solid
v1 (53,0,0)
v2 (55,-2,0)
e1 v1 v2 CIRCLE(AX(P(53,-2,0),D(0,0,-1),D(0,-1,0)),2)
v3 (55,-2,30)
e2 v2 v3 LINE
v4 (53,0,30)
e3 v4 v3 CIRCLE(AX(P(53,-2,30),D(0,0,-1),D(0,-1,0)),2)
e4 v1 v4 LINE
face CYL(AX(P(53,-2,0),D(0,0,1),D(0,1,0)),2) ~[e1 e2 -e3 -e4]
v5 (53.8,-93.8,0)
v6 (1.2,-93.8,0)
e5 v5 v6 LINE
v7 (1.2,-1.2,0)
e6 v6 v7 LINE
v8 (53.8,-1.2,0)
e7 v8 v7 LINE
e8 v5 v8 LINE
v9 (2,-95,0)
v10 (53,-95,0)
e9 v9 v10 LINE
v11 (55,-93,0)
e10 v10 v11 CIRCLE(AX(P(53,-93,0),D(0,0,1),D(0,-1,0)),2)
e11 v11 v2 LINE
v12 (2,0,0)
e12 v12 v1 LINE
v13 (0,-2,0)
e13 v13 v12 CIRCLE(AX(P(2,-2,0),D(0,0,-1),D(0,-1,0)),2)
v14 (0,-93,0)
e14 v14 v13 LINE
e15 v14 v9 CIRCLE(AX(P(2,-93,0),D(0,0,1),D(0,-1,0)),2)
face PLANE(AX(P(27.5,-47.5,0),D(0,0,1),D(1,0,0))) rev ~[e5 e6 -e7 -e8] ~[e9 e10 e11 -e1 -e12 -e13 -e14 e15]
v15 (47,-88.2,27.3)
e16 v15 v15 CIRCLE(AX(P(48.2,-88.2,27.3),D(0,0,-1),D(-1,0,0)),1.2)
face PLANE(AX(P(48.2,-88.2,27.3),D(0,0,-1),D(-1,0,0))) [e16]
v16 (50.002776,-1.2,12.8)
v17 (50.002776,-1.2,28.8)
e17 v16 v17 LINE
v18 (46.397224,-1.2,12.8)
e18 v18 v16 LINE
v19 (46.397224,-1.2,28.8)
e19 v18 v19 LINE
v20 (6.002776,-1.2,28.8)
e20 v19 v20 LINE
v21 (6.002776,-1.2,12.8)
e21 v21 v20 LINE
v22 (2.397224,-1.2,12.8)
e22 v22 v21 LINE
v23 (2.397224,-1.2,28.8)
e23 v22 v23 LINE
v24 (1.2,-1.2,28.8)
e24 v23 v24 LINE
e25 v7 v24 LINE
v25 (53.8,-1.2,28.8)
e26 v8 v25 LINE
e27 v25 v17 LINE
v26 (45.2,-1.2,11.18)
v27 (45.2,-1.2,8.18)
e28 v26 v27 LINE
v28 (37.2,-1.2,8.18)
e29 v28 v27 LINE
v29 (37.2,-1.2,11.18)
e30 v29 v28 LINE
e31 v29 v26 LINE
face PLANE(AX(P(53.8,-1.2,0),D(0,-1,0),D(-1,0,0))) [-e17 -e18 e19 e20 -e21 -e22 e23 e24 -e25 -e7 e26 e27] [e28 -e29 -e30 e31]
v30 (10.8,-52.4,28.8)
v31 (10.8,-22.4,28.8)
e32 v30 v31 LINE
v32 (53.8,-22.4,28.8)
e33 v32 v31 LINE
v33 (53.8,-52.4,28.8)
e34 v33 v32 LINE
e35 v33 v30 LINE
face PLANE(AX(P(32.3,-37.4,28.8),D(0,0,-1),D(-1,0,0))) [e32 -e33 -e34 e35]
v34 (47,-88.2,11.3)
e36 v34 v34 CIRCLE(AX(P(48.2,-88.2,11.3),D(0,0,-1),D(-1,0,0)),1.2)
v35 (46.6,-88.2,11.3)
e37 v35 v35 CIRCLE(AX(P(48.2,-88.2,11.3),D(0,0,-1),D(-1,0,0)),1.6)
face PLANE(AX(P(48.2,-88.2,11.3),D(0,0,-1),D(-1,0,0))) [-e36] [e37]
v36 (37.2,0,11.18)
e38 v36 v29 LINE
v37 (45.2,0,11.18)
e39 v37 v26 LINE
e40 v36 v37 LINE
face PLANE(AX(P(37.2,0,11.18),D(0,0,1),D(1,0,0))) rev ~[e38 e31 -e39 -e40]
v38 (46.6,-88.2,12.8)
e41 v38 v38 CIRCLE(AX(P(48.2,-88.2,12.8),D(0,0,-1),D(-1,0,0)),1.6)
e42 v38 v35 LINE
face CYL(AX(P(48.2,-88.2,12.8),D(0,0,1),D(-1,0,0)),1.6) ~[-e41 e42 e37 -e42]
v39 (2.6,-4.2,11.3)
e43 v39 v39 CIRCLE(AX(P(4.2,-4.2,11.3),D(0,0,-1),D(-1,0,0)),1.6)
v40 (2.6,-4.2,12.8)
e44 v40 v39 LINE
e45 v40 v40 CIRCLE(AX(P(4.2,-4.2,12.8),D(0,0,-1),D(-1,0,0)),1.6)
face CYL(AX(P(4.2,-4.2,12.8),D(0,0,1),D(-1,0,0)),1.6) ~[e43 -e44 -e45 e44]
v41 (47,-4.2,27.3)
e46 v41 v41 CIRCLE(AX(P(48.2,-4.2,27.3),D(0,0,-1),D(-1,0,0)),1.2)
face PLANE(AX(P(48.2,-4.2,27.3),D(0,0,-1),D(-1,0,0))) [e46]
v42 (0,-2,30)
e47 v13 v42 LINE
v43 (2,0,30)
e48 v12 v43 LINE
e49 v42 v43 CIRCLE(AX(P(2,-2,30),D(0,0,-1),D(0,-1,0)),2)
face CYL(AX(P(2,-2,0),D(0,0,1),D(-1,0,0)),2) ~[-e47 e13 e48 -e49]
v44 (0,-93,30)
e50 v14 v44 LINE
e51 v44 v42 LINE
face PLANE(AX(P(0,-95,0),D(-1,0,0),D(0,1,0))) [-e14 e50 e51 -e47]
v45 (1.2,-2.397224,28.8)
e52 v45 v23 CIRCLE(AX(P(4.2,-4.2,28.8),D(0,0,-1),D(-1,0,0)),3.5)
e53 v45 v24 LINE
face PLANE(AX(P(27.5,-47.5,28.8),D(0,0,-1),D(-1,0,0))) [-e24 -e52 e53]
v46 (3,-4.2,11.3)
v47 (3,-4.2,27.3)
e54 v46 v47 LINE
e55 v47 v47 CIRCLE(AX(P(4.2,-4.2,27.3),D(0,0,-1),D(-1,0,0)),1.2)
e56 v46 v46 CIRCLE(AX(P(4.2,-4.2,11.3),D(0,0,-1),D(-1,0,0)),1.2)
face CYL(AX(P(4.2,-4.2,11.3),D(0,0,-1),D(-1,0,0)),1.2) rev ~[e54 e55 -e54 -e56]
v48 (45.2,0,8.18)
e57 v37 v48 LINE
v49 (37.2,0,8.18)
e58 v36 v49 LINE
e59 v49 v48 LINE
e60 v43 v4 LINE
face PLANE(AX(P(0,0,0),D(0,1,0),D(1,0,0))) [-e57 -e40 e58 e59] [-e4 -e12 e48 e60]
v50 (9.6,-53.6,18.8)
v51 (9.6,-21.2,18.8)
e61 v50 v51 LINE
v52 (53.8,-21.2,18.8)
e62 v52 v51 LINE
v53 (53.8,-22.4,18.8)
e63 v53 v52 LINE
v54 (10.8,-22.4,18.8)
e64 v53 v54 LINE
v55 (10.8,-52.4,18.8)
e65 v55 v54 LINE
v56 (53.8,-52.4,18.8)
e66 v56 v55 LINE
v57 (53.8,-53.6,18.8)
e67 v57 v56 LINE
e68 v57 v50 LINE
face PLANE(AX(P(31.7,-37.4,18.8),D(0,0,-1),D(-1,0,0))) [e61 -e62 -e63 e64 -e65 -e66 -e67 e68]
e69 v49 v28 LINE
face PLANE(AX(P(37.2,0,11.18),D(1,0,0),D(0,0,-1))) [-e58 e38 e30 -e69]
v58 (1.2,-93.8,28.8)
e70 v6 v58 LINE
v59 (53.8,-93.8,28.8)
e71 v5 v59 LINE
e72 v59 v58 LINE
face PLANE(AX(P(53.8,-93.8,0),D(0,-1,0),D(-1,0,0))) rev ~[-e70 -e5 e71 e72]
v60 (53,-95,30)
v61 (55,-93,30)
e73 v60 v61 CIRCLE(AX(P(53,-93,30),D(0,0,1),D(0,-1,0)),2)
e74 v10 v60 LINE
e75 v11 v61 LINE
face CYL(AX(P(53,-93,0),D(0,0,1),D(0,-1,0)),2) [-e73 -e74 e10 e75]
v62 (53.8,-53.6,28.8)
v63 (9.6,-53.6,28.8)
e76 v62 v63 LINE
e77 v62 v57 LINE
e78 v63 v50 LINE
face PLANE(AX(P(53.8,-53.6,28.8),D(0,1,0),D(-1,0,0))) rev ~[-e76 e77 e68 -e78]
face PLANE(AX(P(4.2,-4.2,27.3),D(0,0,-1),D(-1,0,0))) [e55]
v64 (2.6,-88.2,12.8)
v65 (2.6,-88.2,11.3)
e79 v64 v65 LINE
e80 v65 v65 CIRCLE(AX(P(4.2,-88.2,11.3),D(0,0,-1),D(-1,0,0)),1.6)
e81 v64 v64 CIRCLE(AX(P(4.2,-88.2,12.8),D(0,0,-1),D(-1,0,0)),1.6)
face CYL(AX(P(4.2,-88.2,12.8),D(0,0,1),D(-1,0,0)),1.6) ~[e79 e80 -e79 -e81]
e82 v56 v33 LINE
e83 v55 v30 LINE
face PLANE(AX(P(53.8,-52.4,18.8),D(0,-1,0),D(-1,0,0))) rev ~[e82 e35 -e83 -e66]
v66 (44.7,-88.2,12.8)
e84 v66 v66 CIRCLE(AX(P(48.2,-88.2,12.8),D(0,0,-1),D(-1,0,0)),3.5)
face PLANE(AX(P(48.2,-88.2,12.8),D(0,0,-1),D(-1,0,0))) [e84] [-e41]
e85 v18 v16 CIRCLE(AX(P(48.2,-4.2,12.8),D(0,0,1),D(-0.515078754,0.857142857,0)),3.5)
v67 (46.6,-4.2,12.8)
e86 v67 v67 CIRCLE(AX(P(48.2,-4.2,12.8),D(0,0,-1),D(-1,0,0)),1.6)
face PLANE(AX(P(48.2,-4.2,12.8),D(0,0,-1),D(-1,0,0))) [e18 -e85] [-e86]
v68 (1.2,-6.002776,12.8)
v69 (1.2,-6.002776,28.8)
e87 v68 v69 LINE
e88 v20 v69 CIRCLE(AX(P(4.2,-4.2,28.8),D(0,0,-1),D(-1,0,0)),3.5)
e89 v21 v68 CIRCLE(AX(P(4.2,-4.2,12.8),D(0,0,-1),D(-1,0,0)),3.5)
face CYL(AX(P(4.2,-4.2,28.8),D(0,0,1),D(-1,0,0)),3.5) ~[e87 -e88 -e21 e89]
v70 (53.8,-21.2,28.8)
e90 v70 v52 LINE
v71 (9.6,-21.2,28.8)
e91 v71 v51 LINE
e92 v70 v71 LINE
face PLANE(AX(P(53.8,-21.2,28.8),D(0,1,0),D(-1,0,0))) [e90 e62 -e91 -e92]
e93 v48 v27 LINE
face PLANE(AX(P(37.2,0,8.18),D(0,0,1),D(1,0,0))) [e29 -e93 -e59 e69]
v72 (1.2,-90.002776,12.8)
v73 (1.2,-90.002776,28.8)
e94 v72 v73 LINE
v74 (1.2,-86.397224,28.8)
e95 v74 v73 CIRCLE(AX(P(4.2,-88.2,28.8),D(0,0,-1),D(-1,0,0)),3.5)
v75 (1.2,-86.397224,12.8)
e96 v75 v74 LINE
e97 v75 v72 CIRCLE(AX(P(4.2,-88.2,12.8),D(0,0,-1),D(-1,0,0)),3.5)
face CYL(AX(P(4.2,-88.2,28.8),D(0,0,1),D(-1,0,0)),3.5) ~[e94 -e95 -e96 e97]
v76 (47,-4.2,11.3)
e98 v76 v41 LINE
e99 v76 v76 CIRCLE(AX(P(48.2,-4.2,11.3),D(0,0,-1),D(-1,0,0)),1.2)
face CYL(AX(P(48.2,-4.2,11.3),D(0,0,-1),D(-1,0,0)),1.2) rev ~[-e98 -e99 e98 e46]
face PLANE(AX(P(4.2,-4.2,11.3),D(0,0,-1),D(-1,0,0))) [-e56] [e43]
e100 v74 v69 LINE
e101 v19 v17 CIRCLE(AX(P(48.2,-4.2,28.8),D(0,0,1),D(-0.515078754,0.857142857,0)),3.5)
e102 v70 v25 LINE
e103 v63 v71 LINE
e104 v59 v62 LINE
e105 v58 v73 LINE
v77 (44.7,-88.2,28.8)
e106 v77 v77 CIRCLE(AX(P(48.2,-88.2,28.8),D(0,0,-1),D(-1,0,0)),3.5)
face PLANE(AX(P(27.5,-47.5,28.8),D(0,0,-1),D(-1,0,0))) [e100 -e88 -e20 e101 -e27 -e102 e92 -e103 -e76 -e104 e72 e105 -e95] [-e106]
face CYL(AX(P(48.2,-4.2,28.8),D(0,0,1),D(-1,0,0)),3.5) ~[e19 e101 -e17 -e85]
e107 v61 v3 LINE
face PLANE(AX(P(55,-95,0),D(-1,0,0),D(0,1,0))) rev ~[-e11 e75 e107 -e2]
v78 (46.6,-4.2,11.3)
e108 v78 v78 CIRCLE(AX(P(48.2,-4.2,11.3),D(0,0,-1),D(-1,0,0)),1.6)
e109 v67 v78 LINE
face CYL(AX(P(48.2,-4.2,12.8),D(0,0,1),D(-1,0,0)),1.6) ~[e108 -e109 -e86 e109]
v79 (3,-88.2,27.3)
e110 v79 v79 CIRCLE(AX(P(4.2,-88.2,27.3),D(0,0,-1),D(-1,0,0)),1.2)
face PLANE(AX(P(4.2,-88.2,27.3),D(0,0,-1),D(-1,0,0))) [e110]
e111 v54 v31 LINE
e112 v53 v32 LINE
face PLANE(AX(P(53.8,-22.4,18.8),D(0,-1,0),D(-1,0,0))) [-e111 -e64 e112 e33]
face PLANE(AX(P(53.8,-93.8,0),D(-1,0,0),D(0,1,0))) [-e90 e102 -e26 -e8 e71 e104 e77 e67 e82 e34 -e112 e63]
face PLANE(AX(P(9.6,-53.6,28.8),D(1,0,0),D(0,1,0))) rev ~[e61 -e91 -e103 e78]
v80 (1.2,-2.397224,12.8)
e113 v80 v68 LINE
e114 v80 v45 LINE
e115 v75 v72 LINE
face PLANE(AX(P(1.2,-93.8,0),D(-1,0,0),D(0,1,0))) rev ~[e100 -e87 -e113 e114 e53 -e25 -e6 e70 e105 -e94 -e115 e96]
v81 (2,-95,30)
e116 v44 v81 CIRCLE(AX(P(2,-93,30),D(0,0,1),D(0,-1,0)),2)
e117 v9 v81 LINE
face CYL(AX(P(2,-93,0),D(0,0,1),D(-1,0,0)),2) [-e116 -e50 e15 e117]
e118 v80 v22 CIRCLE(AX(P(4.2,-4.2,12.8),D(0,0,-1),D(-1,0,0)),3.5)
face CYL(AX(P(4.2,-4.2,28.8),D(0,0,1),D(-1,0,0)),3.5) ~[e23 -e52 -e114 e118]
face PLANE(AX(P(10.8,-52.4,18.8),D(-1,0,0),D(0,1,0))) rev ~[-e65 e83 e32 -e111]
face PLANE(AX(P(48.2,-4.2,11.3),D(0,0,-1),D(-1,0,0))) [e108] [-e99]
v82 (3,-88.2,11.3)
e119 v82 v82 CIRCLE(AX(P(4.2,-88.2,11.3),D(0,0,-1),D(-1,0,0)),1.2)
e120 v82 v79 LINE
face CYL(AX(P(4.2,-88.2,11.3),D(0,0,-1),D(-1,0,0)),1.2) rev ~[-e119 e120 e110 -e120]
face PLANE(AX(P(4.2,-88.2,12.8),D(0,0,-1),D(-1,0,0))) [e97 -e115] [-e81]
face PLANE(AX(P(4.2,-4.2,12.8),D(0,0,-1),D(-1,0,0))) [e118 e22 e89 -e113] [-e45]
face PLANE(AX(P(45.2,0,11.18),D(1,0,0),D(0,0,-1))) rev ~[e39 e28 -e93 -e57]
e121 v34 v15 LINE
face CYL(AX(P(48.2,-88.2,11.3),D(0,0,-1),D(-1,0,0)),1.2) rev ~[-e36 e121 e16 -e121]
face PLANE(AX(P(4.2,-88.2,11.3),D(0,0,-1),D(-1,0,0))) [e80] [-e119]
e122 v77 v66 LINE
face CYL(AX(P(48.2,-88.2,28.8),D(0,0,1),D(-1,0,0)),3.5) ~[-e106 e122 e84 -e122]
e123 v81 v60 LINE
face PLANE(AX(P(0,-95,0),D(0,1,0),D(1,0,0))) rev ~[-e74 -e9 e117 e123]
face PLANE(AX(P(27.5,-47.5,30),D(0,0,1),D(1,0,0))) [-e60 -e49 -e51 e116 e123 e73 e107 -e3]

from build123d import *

# Parameters (mm, degrees)
SKETCH1_W           = 55
SKETCH1_H           = 95
BOSS_EXTRUDE1_DEPTH = 30
SKETCH2_W           = 52.6
SKETCH2_H           = 92.6
CUT_EXTRUDE1_DEPTH  = 28.8
SKETCH3_R           = 3.5
BOSS_EXTRUDE2_DEPTH = 16
SKETCH6_R           = 1.6
BOSS_EXTRUDE3_DEPTH = 1.5
FILLET3_R           = 2
SKETCH8_W           = 44.2
SKETCH8_H           = 32.4
BOSS_EXTRUDE4_DEPTH = 10
SKETCH9_W           = 43
SKETCH9_H           = 30
CUT_EXTRUDE3_DEPTH  = 10
CUT_EXTRUDE4_REACH  = 97
SKETCH11_W          = 8
SKETCH11_H          = 3
SKETCH7_R           = 1.2
CUT_EXTRUDE5_DEPTH  = 16


with BuildPart() as part:
    # Sketch1 → Boss-Extrude1 (new body)
    with BuildSketch(Plane.XY):
        with Locations((27.5, -47.5)):
            Rectangle(SKETCH1_W, SKETCH1_H)
    extrude(amount=BOSS_EXTRUDE1_DEPTH)

    # Sketch2 → Cut-Extrude1 (cut)
    with BuildSketch(Plane(origin=(0, 0, 0), x_dir=(-1, 0, 0), z_dir=(0, 0, -1))):
        with Locations((-27.5, -47.5)):
            Rectangle(SKETCH2_W, SKETCH2_H)
    extrude(amount=-CUT_EXTRUDE1_DEPTH, mode=Mode.SUBTRACT)

    # Sketch3 → Boss-Extrude2 (add)
    with BuildSketch(Plane(origin=(0, 0, 28.8), x_dir=(-1, 0, 0), z_dir=(0, 0, -1))):
        with Locations((-4.2, -4.2)):
            Circle(SKETCH3_R)
        with Locations((-48.2, -4.2)):
            Circle(SKETCH3_R)
        with Locations((-48.2, -88.2)):
            Circle(SKETCH3_R)
        with Locations((-4.2, -88.2)):
            Circle(SKETCH3_R)
    extrude(amount=BOSS_EXTRUDE2_DEPTH)

    # Sketch6 → Boss-Extrude3 (add)
    with BuildSketch(Plane(origin=(0, 0, 12.8), x_dir=(-1, 0, 0), z_dir=(0, 0, -1))):
        with Locations((-4.2, -4.2)):
            Circle(SKETCH6_R)
        with Locations((-48.2, -4.2)):
            Circle(SKETCH6_R)
        with Locations((-48.2, -88.2)):
            Circle(SKETCH6_R)
        with Locations((-4.2, -88.2)):
            Circle(SKETCH6_R)
    extrude(amount=BOSS_EXTRUDE3_DEPTH)

    # Fillet3
    fillet3_edges = [part.edges().sort_by_distance(p)[0] for p in [
        (0, 0, 15),
        (55, 0, 15),
        (55, -95, 15),
        (0, -95, 15),
    ]]
    fillet(fillet3_edges, radius=FILLET3_R)

    # Sketch8 → Boss-Extrude4 (add)
    with BuildSketch(Plane(origin=(0, 0, 28.8), x_dir=(-1, 0, 0), z_dir=(0, 0, -1))):
        with Locations((-31.7, -37.4)):
            Rectangle(SKETCH8_W, SKETCH8_H)
    extrude(amount=BOSS_EXTRUDE4_DEPTH)

    # Sketch9 → Cut-Extrude3 (cut)
    with BuildSketch(Plane(origin=(0, 0, 18.8), x_dir=(-1, 0, 0), z_dir=(0, 0, -1))):
        with Locations((-32.3, -37.4)):
            Rectangle(SKETCH9_W, SKETCH9_H)
    extrude(amount=-CUT_EXTRUDE3_DEPTH, mode=Mode.SUBTRACT)

    # Sketch11 → Cut-Extrude4 (cut, up to next)
    with BuildSketch(Plane(origin=(0, 0, 0), x_dir=(1, 0, 0), z_dir=(0, 1, 0)), mode=Mode.PRIVATE) as cut_extrude4_sk1:
        with Locations((41.2, -9.68)):
            Rectangle(SKETCH11_W, SKETCH11_H)
    cut_extrude4_tool1 = extrude(cut_extrude4_sk1.sketch, amount=-CUT_EXTRUDE4_REACH, mode=Mode.PRIVATE) & part.part
    add(cut_extrude4_tool1.solids().sort_by_distance((41.2, 0, 9.68))[0], mode=Mode.SUBTRACT)

    # Sketch7 → Cut-Extrude5 (cut)
    with BuildSketch(Plane(origin=(0, 0, 11.3), x_dir=(-1, 0, 0), z_dir=(0, 0, -1))):
        with Locations((-4.2, -4.2)):
            Circle(SKETCH7_R)
        with Locations((-48.2, -4.2)):
            Circle(SKETCH7_R)
        with Locations((-48.2, -88.2)):
            Circle(SKETCH7_R)
        with Locations((-4.2, -88.2)):
            Circle(SKETCH7_R)
    extrude(amount=-CUT_EXTRUDE5_DEPTH, mode=Mode.SUBTRACT)


solid = part.part
